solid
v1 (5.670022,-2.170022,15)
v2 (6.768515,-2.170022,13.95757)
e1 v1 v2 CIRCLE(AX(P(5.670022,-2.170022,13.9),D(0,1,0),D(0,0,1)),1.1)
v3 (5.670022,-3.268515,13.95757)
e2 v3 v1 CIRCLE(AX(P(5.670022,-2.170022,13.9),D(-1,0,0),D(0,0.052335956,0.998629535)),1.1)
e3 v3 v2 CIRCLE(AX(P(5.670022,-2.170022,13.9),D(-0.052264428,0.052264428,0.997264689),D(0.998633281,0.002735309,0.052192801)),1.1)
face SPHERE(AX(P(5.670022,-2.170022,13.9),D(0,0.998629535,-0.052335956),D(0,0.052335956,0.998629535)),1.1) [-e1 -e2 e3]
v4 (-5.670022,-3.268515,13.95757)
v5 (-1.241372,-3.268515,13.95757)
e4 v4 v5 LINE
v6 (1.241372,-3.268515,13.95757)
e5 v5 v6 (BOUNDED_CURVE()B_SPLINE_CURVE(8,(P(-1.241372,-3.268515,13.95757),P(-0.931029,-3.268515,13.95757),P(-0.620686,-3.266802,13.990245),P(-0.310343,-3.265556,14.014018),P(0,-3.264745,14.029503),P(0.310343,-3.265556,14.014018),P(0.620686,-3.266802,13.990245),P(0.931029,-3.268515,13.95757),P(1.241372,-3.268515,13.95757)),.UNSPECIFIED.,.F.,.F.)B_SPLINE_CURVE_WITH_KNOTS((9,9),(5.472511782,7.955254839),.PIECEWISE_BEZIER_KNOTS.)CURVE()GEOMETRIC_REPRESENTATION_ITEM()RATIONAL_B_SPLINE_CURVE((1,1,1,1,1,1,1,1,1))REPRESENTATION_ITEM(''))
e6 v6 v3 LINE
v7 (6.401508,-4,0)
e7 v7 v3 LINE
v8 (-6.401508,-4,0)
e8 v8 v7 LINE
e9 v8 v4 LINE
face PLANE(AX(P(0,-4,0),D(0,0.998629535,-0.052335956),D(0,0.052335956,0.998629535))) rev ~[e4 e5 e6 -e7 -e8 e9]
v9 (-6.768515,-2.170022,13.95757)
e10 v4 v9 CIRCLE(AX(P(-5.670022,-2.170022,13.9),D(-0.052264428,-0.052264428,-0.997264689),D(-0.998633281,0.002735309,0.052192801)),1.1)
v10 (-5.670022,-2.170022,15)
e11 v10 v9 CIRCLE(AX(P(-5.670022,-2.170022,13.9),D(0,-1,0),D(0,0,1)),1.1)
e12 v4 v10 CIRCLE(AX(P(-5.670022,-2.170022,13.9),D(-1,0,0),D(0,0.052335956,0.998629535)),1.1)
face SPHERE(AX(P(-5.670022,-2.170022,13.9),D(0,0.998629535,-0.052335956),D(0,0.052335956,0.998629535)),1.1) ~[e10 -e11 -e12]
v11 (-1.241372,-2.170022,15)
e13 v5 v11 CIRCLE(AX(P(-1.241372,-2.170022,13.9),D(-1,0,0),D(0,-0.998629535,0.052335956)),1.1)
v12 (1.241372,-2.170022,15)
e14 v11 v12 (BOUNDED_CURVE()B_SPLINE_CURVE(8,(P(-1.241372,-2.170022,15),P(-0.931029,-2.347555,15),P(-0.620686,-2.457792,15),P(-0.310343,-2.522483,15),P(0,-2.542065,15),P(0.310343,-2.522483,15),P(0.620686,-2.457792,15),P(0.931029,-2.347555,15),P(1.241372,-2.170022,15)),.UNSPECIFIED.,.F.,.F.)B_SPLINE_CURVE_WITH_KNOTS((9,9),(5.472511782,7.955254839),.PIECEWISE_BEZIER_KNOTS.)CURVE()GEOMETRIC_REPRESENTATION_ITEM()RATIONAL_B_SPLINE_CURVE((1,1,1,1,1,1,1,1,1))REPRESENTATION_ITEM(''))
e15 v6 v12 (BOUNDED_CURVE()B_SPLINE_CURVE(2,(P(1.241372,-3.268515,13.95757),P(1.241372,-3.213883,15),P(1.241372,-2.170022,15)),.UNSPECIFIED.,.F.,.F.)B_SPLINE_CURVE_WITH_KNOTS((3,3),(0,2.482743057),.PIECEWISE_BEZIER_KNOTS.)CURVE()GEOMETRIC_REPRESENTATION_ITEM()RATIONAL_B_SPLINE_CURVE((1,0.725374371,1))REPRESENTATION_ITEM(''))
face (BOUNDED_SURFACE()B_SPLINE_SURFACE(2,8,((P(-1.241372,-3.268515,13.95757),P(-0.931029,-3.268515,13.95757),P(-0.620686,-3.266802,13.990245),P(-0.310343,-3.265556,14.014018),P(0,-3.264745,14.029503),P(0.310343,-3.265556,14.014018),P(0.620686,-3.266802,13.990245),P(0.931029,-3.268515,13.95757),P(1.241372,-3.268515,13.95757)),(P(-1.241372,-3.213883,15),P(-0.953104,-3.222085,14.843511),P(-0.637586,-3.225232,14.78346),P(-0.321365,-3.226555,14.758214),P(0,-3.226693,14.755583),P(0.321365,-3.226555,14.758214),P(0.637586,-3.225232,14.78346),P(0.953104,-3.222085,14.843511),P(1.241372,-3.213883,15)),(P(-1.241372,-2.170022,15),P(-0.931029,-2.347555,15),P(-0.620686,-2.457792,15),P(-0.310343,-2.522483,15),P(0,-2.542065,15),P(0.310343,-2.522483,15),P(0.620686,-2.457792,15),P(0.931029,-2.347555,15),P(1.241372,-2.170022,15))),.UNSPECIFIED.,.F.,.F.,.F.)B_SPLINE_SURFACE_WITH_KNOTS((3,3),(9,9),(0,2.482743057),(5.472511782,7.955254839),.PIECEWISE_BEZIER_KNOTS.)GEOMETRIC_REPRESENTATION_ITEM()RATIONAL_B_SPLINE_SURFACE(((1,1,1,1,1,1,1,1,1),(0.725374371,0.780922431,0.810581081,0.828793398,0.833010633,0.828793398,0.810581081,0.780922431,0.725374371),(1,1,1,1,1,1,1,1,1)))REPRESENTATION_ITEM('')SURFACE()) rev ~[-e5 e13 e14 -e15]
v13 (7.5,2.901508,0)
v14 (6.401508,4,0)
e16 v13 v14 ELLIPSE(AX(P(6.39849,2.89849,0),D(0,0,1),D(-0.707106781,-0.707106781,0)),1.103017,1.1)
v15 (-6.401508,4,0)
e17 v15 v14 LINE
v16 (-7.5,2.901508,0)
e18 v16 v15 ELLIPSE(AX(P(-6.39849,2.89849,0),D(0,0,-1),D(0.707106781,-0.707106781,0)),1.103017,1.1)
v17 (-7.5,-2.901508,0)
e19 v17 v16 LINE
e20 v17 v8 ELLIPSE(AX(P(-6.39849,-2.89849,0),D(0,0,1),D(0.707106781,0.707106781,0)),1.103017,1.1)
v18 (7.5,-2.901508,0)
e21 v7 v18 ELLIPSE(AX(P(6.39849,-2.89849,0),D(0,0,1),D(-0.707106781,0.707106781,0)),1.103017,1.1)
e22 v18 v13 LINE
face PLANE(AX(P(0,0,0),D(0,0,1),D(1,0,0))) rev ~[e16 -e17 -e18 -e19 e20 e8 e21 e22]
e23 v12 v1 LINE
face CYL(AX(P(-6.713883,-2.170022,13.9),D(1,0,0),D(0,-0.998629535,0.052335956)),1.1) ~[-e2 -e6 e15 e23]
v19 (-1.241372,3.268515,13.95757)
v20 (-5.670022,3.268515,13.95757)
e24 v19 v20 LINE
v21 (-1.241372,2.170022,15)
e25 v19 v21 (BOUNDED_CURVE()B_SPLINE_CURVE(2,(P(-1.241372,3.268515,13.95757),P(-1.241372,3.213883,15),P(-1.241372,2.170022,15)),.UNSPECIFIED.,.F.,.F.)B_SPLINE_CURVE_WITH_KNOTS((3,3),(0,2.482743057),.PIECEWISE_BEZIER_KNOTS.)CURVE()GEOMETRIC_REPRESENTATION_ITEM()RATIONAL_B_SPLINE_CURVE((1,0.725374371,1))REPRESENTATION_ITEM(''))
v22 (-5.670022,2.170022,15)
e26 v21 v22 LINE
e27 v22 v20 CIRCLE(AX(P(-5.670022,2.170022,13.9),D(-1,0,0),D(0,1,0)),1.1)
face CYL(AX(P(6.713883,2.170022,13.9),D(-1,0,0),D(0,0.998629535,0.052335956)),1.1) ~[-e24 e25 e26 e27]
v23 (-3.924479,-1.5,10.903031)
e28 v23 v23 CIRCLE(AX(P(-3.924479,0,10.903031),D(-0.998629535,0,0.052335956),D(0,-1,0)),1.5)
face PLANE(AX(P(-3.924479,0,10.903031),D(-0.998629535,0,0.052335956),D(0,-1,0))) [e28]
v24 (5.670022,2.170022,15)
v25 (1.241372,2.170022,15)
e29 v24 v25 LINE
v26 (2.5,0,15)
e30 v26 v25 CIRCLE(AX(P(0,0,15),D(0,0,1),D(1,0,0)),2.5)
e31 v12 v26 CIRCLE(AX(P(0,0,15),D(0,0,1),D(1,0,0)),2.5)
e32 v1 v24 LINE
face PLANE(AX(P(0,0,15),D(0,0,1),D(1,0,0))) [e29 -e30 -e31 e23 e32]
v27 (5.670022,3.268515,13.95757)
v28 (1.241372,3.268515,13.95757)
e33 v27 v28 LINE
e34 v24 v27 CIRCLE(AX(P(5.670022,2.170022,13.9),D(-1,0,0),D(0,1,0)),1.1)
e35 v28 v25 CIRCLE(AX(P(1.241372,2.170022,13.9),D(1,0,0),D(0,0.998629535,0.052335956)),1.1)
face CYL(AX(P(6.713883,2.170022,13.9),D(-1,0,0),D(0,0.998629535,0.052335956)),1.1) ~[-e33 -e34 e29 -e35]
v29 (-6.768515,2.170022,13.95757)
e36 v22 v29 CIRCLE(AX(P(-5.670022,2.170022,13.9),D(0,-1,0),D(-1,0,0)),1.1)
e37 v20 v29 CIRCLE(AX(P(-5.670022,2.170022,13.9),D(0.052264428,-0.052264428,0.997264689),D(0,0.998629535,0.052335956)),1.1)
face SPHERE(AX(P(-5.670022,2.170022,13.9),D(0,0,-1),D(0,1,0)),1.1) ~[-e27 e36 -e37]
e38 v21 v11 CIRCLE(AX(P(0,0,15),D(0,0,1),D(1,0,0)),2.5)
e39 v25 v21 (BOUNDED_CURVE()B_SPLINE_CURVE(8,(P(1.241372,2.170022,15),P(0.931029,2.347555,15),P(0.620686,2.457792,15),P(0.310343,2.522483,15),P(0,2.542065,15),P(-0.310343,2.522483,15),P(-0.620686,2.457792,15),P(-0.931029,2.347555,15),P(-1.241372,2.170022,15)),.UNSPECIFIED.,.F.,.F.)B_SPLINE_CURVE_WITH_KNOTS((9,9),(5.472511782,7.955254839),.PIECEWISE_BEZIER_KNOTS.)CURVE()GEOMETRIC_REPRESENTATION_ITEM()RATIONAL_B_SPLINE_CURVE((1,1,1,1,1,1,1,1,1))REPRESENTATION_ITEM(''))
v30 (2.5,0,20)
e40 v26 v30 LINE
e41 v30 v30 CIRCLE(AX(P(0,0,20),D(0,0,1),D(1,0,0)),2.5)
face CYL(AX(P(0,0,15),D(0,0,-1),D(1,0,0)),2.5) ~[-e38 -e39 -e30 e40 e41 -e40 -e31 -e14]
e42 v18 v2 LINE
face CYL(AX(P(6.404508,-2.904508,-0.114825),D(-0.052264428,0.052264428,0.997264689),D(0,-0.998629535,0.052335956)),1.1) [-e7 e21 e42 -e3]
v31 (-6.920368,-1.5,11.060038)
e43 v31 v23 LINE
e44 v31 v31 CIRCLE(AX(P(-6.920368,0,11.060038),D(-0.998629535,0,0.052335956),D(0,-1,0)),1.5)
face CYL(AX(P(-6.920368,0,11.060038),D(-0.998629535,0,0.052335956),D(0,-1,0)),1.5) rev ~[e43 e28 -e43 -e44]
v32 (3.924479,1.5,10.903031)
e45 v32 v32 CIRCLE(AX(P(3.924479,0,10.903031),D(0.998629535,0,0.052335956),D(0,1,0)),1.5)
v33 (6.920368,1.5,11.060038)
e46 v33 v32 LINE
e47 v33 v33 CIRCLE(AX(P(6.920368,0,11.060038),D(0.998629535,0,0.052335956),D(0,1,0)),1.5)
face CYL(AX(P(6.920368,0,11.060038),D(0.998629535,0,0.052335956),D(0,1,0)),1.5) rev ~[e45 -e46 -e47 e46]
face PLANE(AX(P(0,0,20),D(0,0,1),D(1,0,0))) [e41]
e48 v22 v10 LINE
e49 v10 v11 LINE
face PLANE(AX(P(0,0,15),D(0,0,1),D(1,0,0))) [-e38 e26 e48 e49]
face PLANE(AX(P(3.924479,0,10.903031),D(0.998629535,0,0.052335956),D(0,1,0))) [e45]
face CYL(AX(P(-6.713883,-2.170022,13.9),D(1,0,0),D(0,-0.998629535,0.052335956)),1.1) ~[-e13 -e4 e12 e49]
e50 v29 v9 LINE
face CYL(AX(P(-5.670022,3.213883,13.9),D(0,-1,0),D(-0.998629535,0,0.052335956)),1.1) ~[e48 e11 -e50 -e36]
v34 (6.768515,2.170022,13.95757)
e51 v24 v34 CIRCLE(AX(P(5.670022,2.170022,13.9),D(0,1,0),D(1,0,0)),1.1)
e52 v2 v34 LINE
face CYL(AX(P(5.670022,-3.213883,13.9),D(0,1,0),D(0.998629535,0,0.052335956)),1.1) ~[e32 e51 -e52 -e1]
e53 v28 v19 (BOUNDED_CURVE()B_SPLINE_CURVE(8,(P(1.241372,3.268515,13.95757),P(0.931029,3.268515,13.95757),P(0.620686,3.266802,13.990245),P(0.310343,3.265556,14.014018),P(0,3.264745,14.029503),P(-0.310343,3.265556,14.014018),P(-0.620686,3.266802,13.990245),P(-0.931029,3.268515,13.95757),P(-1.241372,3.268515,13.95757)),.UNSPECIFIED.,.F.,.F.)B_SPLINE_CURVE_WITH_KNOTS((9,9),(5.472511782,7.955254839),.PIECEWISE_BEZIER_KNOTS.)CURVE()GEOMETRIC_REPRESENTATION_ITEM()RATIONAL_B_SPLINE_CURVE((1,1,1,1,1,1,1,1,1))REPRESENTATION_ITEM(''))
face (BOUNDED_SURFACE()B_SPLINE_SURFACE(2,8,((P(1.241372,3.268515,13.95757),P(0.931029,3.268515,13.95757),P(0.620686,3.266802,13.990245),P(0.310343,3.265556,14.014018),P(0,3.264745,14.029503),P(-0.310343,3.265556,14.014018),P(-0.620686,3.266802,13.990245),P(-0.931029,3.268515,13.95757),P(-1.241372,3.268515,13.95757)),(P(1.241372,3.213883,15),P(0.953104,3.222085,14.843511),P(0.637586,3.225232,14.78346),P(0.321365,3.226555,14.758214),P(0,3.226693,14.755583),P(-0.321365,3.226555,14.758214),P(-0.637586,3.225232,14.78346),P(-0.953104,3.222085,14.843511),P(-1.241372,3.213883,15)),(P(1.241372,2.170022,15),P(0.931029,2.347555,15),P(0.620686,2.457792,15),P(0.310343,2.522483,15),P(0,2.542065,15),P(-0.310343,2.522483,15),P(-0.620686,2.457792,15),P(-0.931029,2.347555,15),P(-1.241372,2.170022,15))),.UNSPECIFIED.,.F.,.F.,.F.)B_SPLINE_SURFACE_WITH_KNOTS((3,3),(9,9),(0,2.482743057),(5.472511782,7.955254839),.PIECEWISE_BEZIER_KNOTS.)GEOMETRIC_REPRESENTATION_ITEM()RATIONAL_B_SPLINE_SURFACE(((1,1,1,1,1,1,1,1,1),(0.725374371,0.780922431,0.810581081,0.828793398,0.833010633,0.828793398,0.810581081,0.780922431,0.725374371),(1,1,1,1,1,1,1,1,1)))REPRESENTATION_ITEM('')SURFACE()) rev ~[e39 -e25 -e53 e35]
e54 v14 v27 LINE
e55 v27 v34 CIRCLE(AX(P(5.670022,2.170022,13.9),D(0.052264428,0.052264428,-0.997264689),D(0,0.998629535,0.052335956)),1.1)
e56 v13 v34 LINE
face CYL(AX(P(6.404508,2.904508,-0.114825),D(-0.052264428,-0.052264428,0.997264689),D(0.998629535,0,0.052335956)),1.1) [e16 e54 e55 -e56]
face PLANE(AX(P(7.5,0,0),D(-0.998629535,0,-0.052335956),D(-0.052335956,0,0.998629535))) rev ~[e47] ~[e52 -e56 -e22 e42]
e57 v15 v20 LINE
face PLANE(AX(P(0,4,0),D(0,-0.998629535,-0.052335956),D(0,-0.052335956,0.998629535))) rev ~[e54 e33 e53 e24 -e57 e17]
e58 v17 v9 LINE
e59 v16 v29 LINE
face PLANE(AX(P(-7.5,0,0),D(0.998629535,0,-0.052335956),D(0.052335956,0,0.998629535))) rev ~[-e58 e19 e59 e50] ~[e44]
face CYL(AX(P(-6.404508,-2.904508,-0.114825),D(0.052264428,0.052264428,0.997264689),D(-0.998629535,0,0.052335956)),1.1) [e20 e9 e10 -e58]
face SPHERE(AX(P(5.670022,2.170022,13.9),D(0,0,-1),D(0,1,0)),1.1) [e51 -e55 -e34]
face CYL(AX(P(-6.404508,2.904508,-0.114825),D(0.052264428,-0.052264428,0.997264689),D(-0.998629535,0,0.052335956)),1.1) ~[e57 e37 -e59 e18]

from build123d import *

# Parameters (mm, degrees)
F0_W     = 15
F0_H     = 8
F1_DEPTH = 15
F1_TAPER = 3
F2_R     = 2.5
F3_DEPTH = 5
F4_R     = 1.1
F5_R     = 1.5
F6_DEPTH = 3
F7_R     = 1.5
F8_DEPTH = 3


with BuildPart() as f1:
    # F0 (on Top) → F1 (new body)
    with BuildSketch(Plane.XY):
        Rectangle(F0_W, F0_H)
    extrude(amount=F1_DEPTH, taper=F1_TAPER)

    # F2 (on face) → F3 (join)
    with BuildSketch(Plane.XY.offset(15)):
        Circle(F2_R)
    extrude(amount=F3_DEPTH)

    # F4
    f4_edges = [f1.edges().sort_by_distance(p)[0] for p in [
        (7.106942, 3.606942, 7.5),
        (-7.106942, 3.606942, 7.5),
        (0, 3.213883, 15),
        (-6.713883, 0, 15),
        (6.713883, 0, 15),
        (0, -3.213883, 15),
        (7.106942, -3.606942, 7.5),
        (-7.106942, -3.606942, 7.5),
    ]]
    fillet(f4_edges, radius=F4_R)

    # F5 (on face) → F6 (cut)
    with BuildSketch(Plane(origin=(-7.4794571076, 0, 0.3919817373), x_dir=(0, -1, 0), z_dir=(-0.9986295348, 0, 0.0523359562))):
        with Locations((0, 10.682696983)):
            Circle(F5_R)
    extrude(amount=-F6_DEPTH, mode=Mode.SUBTRACT)

    # F7 (on face) → F8 (cut)
    with BuildSketch(Plane(origin=(7.4794571076, 0, 0.3919817373), x_dir=(0, 1, 0), z_dir=(0.9986295348, 0, 0.0523359562))):
        with Locations((0, 10.682696983)):
            Circle(F7_R)
    extrude(amount=-F8_DEPTH, mode=Mode.SUBTRACT)


solid = f1.part
